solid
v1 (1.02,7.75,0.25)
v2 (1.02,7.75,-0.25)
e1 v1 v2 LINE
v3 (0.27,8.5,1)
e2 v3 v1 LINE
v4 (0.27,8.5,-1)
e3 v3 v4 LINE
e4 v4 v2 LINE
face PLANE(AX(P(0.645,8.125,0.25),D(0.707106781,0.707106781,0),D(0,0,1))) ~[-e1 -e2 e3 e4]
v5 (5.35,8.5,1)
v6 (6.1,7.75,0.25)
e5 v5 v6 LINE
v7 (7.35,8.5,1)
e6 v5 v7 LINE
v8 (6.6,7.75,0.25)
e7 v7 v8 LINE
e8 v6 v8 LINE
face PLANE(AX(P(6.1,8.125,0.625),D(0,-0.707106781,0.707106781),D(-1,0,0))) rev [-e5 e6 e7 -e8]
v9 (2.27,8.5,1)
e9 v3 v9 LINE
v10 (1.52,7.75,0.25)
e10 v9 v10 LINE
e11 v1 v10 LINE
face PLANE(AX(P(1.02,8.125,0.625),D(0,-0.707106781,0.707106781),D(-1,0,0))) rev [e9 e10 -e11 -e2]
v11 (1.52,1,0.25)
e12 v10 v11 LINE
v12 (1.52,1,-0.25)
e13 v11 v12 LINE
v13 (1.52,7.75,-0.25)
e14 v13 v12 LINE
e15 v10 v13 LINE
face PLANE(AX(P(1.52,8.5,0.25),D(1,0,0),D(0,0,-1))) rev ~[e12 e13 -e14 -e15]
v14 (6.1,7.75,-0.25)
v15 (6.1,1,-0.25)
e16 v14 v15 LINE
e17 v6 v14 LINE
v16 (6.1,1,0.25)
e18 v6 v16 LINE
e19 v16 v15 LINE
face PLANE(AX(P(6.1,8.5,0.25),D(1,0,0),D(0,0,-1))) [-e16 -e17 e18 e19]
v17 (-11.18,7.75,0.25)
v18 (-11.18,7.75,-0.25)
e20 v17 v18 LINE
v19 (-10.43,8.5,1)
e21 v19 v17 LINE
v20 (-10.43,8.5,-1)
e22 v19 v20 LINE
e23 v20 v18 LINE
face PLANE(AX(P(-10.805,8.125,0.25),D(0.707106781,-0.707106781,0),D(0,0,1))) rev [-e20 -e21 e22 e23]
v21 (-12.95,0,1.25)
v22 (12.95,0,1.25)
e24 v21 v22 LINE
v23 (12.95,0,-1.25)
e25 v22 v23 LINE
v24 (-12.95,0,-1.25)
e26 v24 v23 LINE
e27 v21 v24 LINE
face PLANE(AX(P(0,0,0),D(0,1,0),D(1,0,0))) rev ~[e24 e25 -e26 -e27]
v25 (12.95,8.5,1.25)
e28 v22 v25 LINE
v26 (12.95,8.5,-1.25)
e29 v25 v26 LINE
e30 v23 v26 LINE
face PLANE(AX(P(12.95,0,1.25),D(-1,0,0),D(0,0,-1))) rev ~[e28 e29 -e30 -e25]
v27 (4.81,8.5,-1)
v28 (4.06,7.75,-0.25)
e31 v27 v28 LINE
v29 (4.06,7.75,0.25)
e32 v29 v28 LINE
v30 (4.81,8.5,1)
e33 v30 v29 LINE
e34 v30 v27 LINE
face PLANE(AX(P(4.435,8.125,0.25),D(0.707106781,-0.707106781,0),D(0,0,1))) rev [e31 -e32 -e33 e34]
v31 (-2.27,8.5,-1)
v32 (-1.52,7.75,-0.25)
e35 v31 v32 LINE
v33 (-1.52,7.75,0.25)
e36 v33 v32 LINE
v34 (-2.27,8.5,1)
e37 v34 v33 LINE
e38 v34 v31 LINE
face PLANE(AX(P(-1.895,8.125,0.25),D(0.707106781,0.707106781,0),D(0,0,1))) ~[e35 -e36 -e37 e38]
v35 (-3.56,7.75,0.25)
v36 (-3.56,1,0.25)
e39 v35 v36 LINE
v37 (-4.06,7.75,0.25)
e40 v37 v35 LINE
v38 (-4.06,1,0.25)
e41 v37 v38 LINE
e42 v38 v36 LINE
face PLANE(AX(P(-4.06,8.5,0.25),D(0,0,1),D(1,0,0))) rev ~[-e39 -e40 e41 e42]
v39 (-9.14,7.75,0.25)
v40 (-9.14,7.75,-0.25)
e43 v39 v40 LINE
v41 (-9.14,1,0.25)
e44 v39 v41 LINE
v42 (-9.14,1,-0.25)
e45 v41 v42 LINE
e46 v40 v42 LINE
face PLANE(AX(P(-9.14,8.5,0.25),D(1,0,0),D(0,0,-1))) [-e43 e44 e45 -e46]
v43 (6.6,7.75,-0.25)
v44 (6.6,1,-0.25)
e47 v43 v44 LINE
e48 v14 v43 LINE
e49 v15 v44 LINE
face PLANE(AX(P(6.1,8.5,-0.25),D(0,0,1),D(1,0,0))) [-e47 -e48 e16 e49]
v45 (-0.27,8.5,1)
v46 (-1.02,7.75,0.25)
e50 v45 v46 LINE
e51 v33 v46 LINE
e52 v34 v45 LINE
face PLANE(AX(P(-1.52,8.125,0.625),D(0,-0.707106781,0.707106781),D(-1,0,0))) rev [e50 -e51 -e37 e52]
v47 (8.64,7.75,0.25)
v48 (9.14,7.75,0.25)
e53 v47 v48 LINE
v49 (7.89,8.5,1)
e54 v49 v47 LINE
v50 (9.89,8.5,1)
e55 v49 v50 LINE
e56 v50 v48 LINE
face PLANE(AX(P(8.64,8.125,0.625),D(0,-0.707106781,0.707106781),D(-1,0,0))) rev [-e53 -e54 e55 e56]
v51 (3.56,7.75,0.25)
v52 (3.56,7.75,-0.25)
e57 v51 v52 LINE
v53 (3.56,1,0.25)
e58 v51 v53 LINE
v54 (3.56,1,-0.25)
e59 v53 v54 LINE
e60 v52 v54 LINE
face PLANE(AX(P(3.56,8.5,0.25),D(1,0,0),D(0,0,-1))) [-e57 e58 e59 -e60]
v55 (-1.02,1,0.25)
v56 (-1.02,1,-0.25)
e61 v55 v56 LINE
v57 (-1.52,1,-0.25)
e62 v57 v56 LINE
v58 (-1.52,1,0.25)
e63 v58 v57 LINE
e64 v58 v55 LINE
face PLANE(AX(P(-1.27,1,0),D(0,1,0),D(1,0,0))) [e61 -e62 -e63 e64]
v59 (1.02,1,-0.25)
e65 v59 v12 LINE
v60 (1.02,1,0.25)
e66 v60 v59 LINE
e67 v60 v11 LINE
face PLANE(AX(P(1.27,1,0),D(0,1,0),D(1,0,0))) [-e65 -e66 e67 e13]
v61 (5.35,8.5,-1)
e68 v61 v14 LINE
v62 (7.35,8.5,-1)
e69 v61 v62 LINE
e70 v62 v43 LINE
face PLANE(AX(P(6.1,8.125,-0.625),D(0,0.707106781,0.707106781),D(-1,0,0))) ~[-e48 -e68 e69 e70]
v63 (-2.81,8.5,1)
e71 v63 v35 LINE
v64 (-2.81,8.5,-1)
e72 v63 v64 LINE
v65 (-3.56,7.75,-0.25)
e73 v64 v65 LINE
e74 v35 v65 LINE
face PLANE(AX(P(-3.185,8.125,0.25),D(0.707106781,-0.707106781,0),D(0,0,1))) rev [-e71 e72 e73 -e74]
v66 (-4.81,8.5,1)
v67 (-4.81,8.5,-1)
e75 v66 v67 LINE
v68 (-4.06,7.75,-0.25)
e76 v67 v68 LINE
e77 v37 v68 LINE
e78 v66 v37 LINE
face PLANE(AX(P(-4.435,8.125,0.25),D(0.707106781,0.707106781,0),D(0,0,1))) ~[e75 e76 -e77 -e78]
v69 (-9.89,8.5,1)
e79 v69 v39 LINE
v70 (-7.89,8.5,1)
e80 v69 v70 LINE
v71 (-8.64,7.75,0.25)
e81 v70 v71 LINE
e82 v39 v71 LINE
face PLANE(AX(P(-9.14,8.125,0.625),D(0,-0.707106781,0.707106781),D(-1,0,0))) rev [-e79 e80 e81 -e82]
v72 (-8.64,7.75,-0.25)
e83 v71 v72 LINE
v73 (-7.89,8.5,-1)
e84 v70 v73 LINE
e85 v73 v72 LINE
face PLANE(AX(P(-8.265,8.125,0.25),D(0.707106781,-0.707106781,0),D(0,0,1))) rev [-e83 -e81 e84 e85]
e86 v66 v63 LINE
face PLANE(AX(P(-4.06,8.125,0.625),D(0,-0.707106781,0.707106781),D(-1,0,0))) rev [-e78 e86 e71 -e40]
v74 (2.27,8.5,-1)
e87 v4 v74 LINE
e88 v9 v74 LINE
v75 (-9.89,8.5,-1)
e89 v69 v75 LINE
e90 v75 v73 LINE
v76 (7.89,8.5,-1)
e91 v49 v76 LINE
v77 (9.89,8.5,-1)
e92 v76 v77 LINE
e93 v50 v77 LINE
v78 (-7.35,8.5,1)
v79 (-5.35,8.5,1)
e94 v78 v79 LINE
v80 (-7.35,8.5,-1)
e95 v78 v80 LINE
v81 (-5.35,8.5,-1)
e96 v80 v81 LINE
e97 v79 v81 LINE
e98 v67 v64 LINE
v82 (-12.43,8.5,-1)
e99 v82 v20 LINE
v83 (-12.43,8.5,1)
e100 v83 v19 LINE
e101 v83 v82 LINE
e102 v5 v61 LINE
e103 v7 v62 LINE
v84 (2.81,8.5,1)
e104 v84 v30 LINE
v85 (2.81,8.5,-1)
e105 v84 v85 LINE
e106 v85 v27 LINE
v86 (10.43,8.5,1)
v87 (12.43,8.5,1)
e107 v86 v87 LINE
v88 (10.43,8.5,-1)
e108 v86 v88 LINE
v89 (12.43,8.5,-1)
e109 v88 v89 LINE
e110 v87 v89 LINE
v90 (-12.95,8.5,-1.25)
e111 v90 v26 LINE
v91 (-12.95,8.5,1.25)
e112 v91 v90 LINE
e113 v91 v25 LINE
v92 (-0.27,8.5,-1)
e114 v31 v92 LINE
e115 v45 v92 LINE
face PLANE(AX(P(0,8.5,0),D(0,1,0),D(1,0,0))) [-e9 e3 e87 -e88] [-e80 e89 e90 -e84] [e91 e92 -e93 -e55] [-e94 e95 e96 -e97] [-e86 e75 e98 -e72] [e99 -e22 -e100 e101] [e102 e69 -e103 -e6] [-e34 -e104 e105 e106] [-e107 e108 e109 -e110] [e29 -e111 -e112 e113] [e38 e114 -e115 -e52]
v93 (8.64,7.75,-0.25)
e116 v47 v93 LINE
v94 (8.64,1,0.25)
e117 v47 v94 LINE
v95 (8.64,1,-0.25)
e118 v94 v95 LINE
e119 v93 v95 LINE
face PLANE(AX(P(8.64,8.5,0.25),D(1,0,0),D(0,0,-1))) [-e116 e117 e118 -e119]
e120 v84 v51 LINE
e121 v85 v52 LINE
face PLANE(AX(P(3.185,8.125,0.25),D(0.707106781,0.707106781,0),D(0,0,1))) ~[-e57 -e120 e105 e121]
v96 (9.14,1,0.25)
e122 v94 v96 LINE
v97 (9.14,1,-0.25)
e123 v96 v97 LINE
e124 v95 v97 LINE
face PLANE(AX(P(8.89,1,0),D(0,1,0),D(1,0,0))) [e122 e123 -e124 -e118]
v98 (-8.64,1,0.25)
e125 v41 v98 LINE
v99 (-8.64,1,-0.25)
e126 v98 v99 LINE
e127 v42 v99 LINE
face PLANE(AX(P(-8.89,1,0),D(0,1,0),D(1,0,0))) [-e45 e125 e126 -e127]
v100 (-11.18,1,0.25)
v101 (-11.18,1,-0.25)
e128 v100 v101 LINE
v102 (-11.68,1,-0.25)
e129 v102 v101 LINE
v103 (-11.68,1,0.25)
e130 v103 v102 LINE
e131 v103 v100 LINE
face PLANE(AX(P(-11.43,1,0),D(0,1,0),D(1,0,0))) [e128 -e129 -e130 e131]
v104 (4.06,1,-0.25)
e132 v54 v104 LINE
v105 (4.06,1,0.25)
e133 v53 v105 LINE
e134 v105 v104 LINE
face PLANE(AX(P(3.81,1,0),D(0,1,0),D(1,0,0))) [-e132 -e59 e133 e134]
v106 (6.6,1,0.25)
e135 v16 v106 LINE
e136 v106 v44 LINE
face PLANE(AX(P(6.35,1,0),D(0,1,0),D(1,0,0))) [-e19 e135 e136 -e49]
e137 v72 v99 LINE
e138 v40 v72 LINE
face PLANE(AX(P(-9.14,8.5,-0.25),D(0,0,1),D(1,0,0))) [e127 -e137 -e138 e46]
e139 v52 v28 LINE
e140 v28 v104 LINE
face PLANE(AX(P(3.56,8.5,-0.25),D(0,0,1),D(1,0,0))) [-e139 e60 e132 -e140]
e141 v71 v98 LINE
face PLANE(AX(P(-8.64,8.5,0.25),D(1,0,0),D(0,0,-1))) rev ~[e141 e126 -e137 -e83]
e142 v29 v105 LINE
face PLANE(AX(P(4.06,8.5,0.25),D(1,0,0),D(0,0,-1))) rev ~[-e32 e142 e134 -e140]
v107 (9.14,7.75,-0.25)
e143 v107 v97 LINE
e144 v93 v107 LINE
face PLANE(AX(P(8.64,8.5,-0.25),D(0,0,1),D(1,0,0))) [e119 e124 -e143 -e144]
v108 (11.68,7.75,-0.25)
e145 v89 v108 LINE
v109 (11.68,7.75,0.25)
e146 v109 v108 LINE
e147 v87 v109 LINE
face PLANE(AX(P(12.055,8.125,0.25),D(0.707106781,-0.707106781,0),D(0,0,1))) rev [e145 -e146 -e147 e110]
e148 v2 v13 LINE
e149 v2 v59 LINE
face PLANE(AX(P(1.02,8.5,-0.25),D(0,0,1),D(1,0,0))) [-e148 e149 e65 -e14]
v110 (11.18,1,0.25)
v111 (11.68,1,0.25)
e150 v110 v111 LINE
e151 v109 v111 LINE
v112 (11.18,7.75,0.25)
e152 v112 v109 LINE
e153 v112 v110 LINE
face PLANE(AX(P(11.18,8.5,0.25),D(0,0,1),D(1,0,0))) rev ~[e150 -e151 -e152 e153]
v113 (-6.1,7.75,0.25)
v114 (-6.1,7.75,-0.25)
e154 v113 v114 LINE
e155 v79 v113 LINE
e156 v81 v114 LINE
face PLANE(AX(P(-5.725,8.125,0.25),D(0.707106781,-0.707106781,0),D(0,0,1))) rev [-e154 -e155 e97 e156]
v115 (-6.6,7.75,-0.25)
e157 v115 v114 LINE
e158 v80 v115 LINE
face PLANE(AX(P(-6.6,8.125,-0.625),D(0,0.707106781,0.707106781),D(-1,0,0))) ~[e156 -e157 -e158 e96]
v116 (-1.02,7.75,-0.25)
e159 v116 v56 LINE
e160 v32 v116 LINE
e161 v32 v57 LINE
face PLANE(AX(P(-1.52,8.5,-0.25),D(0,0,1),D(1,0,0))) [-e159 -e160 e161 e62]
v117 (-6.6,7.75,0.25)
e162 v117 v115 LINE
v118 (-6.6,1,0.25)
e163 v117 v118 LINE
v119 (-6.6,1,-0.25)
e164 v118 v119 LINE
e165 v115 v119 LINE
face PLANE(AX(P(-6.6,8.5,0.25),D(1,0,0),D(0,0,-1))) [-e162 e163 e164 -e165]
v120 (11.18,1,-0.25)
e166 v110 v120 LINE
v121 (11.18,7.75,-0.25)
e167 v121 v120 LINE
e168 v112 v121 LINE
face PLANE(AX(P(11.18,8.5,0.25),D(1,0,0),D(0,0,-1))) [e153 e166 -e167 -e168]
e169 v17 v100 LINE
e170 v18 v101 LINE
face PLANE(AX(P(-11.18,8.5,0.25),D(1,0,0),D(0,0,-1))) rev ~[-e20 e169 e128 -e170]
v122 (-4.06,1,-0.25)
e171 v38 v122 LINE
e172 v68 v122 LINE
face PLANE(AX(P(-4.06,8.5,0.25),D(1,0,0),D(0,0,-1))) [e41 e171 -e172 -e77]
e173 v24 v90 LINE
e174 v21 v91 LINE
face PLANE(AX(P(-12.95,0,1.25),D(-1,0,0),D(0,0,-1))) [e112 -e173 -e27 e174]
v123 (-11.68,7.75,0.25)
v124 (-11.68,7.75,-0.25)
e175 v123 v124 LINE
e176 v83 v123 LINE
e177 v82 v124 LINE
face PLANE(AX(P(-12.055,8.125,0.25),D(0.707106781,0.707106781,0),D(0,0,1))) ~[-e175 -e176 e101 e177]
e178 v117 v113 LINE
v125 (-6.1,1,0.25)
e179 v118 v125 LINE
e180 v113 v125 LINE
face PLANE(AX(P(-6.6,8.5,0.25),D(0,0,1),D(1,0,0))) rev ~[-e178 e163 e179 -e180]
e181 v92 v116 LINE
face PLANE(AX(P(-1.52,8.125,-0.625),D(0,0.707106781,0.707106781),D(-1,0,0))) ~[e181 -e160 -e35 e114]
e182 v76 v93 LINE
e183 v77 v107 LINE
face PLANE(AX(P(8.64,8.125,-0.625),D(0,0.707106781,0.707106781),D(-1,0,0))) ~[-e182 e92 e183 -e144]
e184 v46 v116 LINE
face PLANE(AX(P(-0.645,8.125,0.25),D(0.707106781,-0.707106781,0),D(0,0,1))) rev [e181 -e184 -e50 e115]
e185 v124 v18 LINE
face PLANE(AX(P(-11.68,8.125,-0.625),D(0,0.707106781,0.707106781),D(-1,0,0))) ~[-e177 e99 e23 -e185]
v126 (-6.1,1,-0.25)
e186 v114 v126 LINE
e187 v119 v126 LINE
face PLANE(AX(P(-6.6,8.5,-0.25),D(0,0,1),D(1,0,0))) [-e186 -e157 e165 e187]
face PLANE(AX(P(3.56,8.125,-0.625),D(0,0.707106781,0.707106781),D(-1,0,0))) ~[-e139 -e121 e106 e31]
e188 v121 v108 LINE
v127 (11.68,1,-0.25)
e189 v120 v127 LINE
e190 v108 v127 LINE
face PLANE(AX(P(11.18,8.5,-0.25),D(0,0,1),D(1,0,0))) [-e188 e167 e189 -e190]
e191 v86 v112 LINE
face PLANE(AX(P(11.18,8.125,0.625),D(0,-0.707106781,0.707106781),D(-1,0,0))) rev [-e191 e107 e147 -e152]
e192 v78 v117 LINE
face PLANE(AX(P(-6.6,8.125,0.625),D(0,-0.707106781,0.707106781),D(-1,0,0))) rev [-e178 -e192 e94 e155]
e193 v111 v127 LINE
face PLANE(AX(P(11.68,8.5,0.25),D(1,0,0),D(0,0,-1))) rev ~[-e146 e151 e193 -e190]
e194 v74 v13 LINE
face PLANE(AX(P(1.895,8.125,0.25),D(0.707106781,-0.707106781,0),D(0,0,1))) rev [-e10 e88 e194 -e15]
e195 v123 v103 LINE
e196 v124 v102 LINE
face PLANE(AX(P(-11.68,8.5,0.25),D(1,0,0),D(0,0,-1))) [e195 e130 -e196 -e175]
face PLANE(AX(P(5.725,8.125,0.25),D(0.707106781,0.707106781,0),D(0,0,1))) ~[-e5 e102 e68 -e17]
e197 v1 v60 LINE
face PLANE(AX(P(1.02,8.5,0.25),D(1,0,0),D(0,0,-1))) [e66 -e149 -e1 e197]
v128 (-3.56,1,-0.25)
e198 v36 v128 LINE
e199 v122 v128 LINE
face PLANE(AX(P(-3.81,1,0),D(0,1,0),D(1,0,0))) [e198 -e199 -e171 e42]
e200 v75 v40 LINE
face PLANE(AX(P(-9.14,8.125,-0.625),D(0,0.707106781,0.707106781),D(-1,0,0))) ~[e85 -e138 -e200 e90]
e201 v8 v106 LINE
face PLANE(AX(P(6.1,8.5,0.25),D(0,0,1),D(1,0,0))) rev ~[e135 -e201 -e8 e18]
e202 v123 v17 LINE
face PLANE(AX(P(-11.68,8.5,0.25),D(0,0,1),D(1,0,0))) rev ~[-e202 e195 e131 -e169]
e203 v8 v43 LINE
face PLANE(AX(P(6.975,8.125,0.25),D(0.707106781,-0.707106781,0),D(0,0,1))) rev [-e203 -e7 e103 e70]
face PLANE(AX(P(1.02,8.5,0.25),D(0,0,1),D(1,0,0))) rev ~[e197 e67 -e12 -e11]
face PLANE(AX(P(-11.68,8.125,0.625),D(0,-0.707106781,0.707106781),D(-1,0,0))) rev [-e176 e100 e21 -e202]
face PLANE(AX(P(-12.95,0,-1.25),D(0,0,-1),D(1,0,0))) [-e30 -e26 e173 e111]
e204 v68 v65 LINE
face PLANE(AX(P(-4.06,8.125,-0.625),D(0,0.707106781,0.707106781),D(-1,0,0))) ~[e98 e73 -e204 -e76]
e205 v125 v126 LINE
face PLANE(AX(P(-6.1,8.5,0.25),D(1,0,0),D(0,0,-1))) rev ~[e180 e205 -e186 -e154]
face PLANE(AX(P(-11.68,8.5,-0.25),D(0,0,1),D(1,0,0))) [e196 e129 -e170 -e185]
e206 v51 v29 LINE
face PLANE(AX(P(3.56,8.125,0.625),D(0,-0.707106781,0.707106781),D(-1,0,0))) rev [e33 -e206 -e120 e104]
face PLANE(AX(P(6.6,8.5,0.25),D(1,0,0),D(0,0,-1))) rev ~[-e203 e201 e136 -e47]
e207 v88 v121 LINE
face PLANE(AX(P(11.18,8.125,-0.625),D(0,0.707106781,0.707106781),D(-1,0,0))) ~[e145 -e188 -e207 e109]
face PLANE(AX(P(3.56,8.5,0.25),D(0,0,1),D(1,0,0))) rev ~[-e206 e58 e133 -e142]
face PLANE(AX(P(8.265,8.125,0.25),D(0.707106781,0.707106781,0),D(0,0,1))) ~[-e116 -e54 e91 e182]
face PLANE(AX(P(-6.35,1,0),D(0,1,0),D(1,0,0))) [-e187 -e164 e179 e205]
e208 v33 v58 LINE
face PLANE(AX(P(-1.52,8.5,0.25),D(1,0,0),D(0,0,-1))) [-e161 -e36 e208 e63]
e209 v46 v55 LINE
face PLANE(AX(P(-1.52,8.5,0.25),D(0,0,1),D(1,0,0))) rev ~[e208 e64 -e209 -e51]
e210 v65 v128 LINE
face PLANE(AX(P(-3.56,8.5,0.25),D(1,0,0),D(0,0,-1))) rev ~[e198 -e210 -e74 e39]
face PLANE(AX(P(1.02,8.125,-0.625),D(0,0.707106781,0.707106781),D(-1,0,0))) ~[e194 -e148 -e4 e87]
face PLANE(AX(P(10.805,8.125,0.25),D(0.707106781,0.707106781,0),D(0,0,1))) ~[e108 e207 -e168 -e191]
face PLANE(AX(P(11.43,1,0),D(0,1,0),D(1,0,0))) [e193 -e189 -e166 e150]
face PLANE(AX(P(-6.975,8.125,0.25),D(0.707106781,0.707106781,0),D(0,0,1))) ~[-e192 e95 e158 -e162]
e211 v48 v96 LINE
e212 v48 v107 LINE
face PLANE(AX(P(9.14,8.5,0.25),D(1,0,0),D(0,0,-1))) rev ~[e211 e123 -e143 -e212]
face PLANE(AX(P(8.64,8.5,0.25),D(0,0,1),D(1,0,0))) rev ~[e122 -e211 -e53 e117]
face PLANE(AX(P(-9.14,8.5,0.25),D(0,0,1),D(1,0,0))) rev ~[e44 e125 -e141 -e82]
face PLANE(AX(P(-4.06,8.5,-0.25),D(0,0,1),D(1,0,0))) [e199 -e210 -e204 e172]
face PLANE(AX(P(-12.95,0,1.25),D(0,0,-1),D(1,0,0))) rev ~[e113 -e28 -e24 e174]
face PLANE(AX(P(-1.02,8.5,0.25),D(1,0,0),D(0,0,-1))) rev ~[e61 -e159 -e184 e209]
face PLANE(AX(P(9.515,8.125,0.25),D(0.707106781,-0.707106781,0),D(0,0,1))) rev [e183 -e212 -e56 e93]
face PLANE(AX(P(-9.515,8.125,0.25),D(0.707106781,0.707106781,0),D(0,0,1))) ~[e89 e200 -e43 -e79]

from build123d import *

# Parameters (mm, degrees)
SKETCH_1_W                         = 25.9
SKETCH_1_H                         = 2.5
EXTRUDE_1_DEPTH                    = 8.5
SKETCH_2_W                         = 0.5
SKETCH_2_H                         = 0.5
CUT_EXTRUDE_1_DEPTH                = 7.5
CHAMFER_1_SIZE                     = 0.75
SKETCH_6_W                         = 0.5
SKETCH_6_H                         = 0.5
CUT_EXTRUDE_3_DEPTH                = 7.5
CHAMFER_3_SIZE                     = 0.75
PATTERN_LINEAR_1_COUNT             = 5
PATTERN_LINEAR_1_PITCH             = 2.54
CHAMFER_3_OF_PATTERN_LINEAR_1_SIZE = 0.75
PATTERN_LINEAR_2_COUNT             = 5
PATTERN_LINEAR_2_PITCH             = 2.54
CHAMFER_1_OF_PATTERN_LINEAR_2_SIZE = 0.75


with BuildPart() as part:
    # Эскиз1 → Бобышка-Вытянуть1 (new body)
    with BuildSketch(Plane(origin=(0, 0, 0), x_dir=(1, 0, 0), z_dir=(0, 1, 0))):
        Rectangle(SKETCH_1_W, SKETCH_1_H)
    extrude(amount=EXTRUDE_1_DEPTH)

    # Эскиз2 → Вырез-Вытянуть1 (cut)
    with BuildSketch(Plane(origin=(0, 8.5, 0), x_dir=(1, 0, 0), z_dir=(0, 1, 0))):
        with Locations((1.27, 0)):
            Rectangle(SKETCH_2_W, SKETCH_2_H)
    cut_extrude_1 = extrude(amount=-CUT_EXTRUDE_1_DEPTH, mode=Mode.SUBTRACT)

    # Фаска1
    chamfer_1_edges = [part.edges().sort_by_distance(p)[0] for p in [
        (1.52, 8.5, 0),
        (1.27, 8.5, -0.25),
        (1.02, 8.5, 0),
        (1.27, 8.5, 0.25),
    ]]
    chamfer(chamfer_1_edges, length=CHAMFER_1_SIZE)

    # Эскиз6 → Вырез-Вытянуть3 (cut)
    with BuildSketch(Plane(origin=(0, 8.5, 0), x_dir=(1, 0, 0), z_dir=(0, 1, 0))):
        with Locations((-1.27, 0)):
            Rectangle(SKETCH_6_W, SKETCH_6_H)
    cut_extrude_3 = extrude(amount=-CUT_EXTRUDE_3_DEPTH, mode=Mode.SUBTRACT)

    # Фаска3
    chamfer_3_edges = [part.edges().sort_by_distance(p)[0] for p in [
        (-1.02, 8.5, 0),
        (-1.27, 8.5, -0.25),
        (-1.52, 8.5, 0),
        (-1.27, 8.5, 0.25),
    ]]
    chamfer(chamfer_3_edges, length=CHAMFER_3_SIZE)

    # Линейный массив1: Вырез-Вытянуть3 ×5
    with Locations(*[(-i * PATTERN_LINEAR_1_PITCH, 0, 0) for i in range(1, PATTERN_LINEAR_1_COUNT)]):
        add(cut_extrude_3, mode=Mode.SUBTRACT)

    # Фаска3 of Линейный массив1
    chamfer_3_of_pattern_linear_1_edges = [part.edges().sort_by_distance(p)[0] for p in [
        (-3.56, 8.5, 0),
        (-3.81, 8.5, -0.25),
        (-4.06, 8.5, 0),
        (-3.81, 8.5, 0.25),
        (-6.1, 8.5, 0),
        (-6.35, 8.5, -0.25),
        (-6.6, 8.5, 0),
        (-6.35, 8.5, 0.25),
        (-8.64, 8.5, 0),
        (-8.89, 8.5, -0.25),
        (-9.14, 8.5, 0),
        (-8.89, 8.5, 0.25),
        (-11.18, 8.5, 0),
        (-11.43, 8.5, -0.25),
        (-11.68, 8.5, 0),
        (-11.43, 8.5, 0.25),
    ]]
    chamfer(chamfer_3_of_pattern_linear_1_edges, length=CHAMFER_3_OF_PATTERN_LINEAR_1_SIZE)

    # Линейный массив2: Вырез-Вытянуть1 ×5
    with Locations(*[(i * PATTERN_LINEAR_2_PITCH, 0, 0) for i in range(1, PATTERN_LINEAR_2_COUNT)]):
        add(cut_extrude_1, mode=Mode.SUBTRACT)

    # Фаска1 of Линейный массив2
    chamfer_1_of_pattern_linear_2_edges = [part.edges().sort_by_distance(p)[0] for p in [
        (4.06, 8.5, 0),
        (3.81, 8.5, -0.25),
        (3.56, 8.5, 0),
        (3.81, 8.5, 0.25),
        (6.6, 8.5, 0),
        (6.35, 8.5, -0.25),
        (6.1, 8.5, 0),
        (6.35, 8.5, 0.25),
        (9.14, 8.5, 0),
        (8.89, 8.5, -0.25),
        (8.64, 8.5, 0),
        (8.89, 8.5, 0.25),
        (11.68, 8.5, 0),
        (11.43, 8.5, -0.25),
        (11.18, 8.5, 0),
        (11.43, 8.5, 0.25),
    ]]
    chamfer(chamfer_1_of_pattern_linear_2_edges, length=CHAMFER_1_OF_PATTERN_LINEAR_2_SIZE)


solid = part.part
